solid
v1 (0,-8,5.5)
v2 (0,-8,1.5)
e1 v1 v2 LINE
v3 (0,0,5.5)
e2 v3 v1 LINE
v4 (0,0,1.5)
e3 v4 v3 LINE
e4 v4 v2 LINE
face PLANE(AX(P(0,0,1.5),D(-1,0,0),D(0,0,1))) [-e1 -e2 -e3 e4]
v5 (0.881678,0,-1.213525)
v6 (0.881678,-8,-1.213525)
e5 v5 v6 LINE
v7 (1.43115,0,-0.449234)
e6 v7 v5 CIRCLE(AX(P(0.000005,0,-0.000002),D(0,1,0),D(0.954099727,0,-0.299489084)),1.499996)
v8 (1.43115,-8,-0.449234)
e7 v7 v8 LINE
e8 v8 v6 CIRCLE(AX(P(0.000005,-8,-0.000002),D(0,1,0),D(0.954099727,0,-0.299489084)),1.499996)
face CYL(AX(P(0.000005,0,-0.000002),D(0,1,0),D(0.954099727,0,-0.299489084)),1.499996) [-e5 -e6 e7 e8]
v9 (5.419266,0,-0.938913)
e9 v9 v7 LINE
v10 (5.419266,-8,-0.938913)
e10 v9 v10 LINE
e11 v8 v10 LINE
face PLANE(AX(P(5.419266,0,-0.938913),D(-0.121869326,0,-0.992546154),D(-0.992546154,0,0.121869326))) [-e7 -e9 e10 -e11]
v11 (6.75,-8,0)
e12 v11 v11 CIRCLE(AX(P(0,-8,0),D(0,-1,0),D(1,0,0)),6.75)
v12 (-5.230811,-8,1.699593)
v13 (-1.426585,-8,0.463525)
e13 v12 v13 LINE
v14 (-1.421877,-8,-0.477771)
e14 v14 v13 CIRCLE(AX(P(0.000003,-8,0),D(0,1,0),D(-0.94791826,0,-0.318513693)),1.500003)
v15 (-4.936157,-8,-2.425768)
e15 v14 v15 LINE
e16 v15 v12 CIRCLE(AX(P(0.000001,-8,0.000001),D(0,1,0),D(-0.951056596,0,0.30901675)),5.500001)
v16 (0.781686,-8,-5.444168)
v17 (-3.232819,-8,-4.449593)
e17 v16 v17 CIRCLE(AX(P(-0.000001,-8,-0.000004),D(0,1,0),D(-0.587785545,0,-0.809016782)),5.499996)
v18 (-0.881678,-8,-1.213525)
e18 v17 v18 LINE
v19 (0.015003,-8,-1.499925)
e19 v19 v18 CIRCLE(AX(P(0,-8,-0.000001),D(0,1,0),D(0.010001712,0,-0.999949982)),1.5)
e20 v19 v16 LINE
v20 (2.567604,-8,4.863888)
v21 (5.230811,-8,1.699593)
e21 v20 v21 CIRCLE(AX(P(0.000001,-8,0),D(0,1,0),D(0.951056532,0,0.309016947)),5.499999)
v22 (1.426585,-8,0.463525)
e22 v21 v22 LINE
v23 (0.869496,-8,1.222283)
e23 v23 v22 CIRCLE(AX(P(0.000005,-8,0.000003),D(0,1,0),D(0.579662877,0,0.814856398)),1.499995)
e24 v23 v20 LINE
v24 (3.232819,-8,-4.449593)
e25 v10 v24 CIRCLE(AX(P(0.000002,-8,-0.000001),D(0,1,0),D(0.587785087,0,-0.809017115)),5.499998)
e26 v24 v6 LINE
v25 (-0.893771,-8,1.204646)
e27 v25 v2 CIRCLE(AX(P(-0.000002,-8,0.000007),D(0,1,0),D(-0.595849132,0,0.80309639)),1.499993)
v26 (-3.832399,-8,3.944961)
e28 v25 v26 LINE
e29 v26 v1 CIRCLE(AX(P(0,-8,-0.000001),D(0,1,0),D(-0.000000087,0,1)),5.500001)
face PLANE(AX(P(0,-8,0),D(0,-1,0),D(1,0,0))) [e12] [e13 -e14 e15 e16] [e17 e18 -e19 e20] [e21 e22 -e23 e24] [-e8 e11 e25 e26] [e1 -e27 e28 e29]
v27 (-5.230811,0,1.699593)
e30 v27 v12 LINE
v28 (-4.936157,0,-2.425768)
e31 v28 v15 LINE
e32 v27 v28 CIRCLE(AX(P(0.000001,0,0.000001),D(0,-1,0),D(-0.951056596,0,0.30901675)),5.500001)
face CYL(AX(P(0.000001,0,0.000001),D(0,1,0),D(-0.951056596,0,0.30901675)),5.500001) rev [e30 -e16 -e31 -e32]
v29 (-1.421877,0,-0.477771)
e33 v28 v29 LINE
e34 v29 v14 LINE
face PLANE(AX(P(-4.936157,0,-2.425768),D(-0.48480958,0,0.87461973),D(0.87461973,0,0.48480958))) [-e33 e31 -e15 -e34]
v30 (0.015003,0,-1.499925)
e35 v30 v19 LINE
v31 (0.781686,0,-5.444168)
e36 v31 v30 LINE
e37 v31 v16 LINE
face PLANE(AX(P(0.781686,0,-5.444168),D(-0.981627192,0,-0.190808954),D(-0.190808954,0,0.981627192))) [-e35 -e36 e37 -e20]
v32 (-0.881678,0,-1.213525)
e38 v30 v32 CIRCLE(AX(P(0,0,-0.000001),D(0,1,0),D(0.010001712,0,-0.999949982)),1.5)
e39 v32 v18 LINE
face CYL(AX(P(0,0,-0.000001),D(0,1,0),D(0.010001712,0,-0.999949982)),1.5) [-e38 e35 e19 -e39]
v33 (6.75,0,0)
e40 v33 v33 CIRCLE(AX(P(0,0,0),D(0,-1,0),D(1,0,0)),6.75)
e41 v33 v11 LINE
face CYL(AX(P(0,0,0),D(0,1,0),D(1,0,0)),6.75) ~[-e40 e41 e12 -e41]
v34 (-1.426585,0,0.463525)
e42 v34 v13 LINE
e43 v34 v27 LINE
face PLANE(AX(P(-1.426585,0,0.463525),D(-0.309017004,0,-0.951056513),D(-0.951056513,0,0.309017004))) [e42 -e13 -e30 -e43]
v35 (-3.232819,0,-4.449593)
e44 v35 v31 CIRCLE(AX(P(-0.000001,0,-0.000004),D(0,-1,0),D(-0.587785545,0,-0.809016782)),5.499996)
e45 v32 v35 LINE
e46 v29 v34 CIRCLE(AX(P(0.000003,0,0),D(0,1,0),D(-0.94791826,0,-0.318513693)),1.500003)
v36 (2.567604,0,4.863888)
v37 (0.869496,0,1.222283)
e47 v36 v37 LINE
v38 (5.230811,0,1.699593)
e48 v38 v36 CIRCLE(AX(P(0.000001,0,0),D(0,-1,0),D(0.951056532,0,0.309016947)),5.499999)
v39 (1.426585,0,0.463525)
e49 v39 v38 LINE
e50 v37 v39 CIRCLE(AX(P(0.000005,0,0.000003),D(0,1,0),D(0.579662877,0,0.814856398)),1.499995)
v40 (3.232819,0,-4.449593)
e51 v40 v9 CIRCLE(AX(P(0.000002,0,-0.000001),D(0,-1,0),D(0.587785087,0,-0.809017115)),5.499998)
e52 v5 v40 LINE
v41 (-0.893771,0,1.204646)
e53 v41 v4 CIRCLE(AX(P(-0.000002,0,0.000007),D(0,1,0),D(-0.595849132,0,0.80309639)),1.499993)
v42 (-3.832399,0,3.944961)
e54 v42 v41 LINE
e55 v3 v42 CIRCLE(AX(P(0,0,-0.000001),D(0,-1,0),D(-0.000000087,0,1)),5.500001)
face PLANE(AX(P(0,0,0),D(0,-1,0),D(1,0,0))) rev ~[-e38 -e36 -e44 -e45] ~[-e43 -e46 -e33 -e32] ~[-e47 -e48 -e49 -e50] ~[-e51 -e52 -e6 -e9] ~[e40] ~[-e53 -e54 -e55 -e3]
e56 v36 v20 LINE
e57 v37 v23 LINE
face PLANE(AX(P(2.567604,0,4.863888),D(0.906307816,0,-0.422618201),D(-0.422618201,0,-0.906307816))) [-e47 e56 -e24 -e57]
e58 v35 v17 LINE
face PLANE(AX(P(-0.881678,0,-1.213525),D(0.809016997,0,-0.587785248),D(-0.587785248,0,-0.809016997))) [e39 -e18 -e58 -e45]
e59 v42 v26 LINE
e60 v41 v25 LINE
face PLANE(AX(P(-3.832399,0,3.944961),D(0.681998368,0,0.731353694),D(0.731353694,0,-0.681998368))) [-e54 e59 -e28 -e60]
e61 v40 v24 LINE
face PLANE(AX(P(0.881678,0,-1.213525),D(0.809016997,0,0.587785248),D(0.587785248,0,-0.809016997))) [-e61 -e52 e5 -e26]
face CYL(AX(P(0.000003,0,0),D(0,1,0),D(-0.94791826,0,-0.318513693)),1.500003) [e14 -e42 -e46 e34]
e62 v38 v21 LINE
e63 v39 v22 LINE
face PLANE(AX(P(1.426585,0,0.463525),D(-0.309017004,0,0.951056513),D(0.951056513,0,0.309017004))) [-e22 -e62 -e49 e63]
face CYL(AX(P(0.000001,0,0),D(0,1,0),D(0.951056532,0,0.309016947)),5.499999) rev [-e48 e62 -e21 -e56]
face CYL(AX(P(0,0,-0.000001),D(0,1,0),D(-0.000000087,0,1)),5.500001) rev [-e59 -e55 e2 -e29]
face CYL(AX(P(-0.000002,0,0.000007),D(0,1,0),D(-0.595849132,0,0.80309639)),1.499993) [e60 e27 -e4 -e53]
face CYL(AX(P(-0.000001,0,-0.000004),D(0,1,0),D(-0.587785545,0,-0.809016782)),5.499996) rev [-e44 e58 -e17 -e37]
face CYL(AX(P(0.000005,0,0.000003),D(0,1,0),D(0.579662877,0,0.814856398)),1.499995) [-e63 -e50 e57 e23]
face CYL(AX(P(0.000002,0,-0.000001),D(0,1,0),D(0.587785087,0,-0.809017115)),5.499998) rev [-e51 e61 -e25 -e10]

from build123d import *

# Parameters (mm, degrees)
F0_R     = 6.75
F1_DEPTH = 8
F3_DEPTH = 8.001


with BuildPart() as f1:
    # F0 (on Front) → F1 (new body)
    with BuildSketch(Plane.XZ):
        Circle(F0_R)
    extrude(amount=F1_DEPTH)

    # F2 (on Front) → F3 (cut, through all)
    with BuildSketch(Plane.XZ):
        with BuildLine():
            Line((0, 1.5), (0, 5.5))
            ThreePointArc((0, 5.5), (-2.067936, 5.096434), (-3.832399, 3.944961))
            Line((-3.832399, 3.944961), (-0.893771, 1.204646))
            ThreePointArc((-0.893771, 1.204646), (-0.470654, 1.424249), (0, 1.5))
        make_face()
        with BuildLine():
            Line((1.426585, 0.463525), (5.230811, 1.699593))
            ThreePointArc((5.230811, 1.699593), (4.20797, 3.541608), (2.567604, 4.863888))
            Line((2.567604, 4.863888), (0.869496, 1.222283))
            ThreePointArc((0.869496, 1.222283), (1.209101, 0.887736), (1.426585, 0.463525))
        make_face()
        with BuildLine():
            ThreePointArc((3.232819, -4.449593), (4.668604, -2.9076), (5.419266, -0.938913))
            Line((5.419266, -0.938913), (1.43115, -0.449234))
            ThreePointArc((1.43115, -0.449234), (1.21792, -0.875598), (0.881678, -1.213525))
            Line((0.881678, -1.213525), (3.232819, -4.449593))
        make_face()
        with BuildLine():
            Line((-1.426585, 0.463525), (-5.230811, 1.699593))
            ThreePointArc((-5.230811, 1.699593), (-5.486024, -0.391839), (-4.936157, -2.425768))
            Line((-4.936157, -2.425768), (-1.421877, -0.477771))
            ThreePointArc((-1.421877, -0.477771), (-1.499981, -0.007502), (-1.426585, 0.463525))
        make_face()
        with BuildLine():
            ThreePointArc((-3.232819, -4.449593), (-1.322614, -5.338604), (0.781686, -5.444168))
            Line((0.781686, -5.444168), (0.015003, -1.499925))
            ThreePointArc((0.015003, -1.499925), (-0.456385, -1.428885), (-0.881678, -1.213525))
            Line((-0.881678, -1.213525), (-3.232819, -4.449593))
        make_face()
    extrude(amount=F3_DEPTH, mode=Mode.SUBTRACT)


solid = f1.part
